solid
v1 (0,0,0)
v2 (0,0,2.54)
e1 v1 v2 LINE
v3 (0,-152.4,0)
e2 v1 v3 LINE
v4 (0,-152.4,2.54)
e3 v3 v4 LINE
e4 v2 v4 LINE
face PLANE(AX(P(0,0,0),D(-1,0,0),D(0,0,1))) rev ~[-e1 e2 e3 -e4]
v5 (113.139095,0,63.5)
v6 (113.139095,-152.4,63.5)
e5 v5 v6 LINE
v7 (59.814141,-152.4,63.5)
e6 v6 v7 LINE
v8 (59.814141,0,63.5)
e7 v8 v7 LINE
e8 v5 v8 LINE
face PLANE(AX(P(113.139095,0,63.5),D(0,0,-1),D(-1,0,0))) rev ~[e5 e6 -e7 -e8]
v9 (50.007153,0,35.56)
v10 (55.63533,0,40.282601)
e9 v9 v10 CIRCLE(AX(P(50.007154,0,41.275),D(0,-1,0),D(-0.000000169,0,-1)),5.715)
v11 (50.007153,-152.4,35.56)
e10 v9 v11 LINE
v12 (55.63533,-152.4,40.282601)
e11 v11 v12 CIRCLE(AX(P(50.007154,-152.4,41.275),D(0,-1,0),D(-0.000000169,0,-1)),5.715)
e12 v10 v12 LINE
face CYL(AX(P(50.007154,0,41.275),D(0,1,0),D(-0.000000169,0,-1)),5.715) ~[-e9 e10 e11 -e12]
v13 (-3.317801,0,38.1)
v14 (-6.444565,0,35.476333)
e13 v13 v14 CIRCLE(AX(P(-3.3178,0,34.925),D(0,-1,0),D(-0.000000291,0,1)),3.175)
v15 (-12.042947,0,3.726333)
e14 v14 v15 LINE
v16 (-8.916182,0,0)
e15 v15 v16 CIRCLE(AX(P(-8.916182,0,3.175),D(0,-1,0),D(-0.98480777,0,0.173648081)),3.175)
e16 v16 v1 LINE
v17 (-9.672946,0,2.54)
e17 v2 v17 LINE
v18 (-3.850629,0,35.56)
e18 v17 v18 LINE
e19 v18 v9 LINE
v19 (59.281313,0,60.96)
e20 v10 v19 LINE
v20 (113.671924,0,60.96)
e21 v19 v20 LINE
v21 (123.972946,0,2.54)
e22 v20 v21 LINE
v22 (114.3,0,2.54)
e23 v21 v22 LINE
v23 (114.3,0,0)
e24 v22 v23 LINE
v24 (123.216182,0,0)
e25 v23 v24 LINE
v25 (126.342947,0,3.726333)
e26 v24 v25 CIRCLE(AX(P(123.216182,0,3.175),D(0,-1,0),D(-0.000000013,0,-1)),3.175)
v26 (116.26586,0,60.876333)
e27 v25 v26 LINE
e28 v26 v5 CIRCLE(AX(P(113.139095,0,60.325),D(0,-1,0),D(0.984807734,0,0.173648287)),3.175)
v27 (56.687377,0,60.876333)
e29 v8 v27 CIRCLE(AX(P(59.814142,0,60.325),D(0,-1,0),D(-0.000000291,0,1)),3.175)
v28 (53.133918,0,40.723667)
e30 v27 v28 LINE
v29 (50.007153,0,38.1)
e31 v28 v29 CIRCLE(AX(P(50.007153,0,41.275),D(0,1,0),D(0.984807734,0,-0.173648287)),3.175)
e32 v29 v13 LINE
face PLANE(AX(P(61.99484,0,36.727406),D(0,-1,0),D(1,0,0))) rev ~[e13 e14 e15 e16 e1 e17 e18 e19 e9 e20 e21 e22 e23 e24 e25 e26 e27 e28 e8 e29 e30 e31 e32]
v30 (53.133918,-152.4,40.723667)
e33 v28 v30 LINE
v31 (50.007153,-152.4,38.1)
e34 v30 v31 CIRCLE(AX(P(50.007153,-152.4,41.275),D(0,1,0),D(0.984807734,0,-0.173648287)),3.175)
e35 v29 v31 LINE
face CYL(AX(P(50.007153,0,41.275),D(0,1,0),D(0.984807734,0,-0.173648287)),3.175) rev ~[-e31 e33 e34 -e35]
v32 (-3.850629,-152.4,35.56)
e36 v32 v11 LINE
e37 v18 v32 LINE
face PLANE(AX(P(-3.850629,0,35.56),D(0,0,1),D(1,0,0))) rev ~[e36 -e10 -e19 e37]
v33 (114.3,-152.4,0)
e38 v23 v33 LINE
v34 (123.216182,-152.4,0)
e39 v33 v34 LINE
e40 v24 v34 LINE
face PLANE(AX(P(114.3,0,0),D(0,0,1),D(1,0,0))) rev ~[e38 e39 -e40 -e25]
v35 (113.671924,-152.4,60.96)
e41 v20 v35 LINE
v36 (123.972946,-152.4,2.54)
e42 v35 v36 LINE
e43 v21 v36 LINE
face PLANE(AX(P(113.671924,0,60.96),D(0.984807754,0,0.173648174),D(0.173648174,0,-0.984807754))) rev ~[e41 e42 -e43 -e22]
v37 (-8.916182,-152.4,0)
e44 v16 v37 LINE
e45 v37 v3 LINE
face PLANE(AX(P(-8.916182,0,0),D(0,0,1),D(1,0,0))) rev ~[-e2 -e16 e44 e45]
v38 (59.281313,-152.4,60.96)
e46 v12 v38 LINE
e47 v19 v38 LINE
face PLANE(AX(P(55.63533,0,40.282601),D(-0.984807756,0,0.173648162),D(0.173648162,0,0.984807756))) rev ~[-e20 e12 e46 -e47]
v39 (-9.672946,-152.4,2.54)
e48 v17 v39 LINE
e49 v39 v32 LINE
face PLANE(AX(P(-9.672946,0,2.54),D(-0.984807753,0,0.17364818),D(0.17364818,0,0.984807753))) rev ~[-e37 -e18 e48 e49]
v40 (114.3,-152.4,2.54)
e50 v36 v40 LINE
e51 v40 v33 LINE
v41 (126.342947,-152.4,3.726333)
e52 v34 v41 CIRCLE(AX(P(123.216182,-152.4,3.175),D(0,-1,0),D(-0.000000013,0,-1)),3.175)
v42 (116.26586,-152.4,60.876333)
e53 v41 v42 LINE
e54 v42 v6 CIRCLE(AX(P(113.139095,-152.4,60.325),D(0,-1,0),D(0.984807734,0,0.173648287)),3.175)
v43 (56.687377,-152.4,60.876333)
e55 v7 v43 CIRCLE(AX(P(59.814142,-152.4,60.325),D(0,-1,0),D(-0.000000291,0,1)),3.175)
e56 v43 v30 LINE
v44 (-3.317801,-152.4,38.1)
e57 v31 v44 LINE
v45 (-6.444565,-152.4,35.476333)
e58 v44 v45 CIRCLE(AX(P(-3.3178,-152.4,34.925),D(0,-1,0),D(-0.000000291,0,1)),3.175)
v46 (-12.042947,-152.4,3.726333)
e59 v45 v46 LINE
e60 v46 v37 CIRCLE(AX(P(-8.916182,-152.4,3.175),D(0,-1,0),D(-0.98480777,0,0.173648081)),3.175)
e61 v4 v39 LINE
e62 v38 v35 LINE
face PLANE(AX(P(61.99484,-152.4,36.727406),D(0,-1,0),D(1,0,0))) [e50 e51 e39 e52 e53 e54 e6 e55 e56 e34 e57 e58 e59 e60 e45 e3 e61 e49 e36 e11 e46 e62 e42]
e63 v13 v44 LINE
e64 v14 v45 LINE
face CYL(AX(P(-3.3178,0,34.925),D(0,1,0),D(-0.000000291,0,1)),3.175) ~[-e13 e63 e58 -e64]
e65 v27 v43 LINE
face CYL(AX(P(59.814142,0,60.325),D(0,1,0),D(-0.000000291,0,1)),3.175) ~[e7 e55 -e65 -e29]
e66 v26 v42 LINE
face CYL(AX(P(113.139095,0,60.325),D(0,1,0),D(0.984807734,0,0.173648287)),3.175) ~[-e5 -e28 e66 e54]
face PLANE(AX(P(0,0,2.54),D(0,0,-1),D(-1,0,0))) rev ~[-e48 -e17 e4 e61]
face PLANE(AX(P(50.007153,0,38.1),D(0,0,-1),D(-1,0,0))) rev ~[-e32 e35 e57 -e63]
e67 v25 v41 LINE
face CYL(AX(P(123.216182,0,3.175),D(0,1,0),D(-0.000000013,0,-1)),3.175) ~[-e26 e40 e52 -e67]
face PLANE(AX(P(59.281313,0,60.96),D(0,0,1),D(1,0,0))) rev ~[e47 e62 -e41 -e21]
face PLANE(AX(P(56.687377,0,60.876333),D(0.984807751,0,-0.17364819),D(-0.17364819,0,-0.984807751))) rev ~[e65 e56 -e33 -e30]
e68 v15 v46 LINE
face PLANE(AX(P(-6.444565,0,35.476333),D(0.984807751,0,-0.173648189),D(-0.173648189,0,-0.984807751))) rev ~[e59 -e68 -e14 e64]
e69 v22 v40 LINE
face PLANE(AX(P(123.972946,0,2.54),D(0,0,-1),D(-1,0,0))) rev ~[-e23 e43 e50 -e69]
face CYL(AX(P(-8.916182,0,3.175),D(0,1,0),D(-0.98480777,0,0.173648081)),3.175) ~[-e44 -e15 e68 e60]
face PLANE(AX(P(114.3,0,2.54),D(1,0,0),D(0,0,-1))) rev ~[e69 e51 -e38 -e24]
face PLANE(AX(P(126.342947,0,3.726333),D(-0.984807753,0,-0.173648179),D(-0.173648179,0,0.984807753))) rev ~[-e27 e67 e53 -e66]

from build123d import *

# Parameters (mm, degrees)
F1_DEPTH = 152.4


with BuildPart() as f1:
    # F0 (on Front) → F1 (new body)
    with BuildSketch(Plane.XZ):
        with BuildLine():
            Line((-8.916182, 0), (0, 0))
            Line((0, 0), (0, 2.54))
            Line((0, 2.54), (-9.672946, 2.54))
            Line((-9.672946, 2.54), (-3.850629, 35.56))
            Line((-3.850629, 35.56), (50.007153, 35.56))
            ThreePointArc((50.007153, 35.56), (53.680685, 36.897056), (55.63533, 40.282601))
            Line((55.63533, 40.282601), (59.281313, 60.96))
            Line((59.281313, 60.96), (113.671924, 60.96))
            Line((113.671924, 60.96), (123.972946, 2.54))
            Line((123.972946, 2.54), (114.3, 2.54))
            Line((114.3, 2.54), (114.3, 0))
            Line((114.3, 0), (123.216182, 0))
            ThreePointArc((123.216182, 0), (125.648373, 1.134149), (126.342947, 3.726333))
            Line((126.342947, 3.726333), (116.26586, 60.876333))
            ThreePointArc((116.26586, 60.876333), (115.179946, 62.757191), (113.139095, 63.5))
            Line((113.139095, 63.5), (59.814141, 63.5))
            ThreePointArc((59.814141, 63.5), (57.773291, 62.757191), (56.687377, 60.876333))
            Line((56.687377, 60.876333), (53.133918, 40.723667))
            ThreePointArc((53.133918, 40.723667), (52.048004, 38.842809), (50.007153, 38.1))
            Line((50.007153, 38.1), (-3.317801, 38.1))
            ThreePointArc((-3.317801, 38.1), (-5.358651, 37.357191), (-6.444565, 35.476333))
            Line((-6.444565, 35.476333), (-12.042947, 3.726333))
            ThreePointArc((-12.042947, 3.726333), (-11.348373, 1.134149), (-8.916182, 0))
        make_face()
    extrude(amount=F1_DEPTH)


solid = f1.part
